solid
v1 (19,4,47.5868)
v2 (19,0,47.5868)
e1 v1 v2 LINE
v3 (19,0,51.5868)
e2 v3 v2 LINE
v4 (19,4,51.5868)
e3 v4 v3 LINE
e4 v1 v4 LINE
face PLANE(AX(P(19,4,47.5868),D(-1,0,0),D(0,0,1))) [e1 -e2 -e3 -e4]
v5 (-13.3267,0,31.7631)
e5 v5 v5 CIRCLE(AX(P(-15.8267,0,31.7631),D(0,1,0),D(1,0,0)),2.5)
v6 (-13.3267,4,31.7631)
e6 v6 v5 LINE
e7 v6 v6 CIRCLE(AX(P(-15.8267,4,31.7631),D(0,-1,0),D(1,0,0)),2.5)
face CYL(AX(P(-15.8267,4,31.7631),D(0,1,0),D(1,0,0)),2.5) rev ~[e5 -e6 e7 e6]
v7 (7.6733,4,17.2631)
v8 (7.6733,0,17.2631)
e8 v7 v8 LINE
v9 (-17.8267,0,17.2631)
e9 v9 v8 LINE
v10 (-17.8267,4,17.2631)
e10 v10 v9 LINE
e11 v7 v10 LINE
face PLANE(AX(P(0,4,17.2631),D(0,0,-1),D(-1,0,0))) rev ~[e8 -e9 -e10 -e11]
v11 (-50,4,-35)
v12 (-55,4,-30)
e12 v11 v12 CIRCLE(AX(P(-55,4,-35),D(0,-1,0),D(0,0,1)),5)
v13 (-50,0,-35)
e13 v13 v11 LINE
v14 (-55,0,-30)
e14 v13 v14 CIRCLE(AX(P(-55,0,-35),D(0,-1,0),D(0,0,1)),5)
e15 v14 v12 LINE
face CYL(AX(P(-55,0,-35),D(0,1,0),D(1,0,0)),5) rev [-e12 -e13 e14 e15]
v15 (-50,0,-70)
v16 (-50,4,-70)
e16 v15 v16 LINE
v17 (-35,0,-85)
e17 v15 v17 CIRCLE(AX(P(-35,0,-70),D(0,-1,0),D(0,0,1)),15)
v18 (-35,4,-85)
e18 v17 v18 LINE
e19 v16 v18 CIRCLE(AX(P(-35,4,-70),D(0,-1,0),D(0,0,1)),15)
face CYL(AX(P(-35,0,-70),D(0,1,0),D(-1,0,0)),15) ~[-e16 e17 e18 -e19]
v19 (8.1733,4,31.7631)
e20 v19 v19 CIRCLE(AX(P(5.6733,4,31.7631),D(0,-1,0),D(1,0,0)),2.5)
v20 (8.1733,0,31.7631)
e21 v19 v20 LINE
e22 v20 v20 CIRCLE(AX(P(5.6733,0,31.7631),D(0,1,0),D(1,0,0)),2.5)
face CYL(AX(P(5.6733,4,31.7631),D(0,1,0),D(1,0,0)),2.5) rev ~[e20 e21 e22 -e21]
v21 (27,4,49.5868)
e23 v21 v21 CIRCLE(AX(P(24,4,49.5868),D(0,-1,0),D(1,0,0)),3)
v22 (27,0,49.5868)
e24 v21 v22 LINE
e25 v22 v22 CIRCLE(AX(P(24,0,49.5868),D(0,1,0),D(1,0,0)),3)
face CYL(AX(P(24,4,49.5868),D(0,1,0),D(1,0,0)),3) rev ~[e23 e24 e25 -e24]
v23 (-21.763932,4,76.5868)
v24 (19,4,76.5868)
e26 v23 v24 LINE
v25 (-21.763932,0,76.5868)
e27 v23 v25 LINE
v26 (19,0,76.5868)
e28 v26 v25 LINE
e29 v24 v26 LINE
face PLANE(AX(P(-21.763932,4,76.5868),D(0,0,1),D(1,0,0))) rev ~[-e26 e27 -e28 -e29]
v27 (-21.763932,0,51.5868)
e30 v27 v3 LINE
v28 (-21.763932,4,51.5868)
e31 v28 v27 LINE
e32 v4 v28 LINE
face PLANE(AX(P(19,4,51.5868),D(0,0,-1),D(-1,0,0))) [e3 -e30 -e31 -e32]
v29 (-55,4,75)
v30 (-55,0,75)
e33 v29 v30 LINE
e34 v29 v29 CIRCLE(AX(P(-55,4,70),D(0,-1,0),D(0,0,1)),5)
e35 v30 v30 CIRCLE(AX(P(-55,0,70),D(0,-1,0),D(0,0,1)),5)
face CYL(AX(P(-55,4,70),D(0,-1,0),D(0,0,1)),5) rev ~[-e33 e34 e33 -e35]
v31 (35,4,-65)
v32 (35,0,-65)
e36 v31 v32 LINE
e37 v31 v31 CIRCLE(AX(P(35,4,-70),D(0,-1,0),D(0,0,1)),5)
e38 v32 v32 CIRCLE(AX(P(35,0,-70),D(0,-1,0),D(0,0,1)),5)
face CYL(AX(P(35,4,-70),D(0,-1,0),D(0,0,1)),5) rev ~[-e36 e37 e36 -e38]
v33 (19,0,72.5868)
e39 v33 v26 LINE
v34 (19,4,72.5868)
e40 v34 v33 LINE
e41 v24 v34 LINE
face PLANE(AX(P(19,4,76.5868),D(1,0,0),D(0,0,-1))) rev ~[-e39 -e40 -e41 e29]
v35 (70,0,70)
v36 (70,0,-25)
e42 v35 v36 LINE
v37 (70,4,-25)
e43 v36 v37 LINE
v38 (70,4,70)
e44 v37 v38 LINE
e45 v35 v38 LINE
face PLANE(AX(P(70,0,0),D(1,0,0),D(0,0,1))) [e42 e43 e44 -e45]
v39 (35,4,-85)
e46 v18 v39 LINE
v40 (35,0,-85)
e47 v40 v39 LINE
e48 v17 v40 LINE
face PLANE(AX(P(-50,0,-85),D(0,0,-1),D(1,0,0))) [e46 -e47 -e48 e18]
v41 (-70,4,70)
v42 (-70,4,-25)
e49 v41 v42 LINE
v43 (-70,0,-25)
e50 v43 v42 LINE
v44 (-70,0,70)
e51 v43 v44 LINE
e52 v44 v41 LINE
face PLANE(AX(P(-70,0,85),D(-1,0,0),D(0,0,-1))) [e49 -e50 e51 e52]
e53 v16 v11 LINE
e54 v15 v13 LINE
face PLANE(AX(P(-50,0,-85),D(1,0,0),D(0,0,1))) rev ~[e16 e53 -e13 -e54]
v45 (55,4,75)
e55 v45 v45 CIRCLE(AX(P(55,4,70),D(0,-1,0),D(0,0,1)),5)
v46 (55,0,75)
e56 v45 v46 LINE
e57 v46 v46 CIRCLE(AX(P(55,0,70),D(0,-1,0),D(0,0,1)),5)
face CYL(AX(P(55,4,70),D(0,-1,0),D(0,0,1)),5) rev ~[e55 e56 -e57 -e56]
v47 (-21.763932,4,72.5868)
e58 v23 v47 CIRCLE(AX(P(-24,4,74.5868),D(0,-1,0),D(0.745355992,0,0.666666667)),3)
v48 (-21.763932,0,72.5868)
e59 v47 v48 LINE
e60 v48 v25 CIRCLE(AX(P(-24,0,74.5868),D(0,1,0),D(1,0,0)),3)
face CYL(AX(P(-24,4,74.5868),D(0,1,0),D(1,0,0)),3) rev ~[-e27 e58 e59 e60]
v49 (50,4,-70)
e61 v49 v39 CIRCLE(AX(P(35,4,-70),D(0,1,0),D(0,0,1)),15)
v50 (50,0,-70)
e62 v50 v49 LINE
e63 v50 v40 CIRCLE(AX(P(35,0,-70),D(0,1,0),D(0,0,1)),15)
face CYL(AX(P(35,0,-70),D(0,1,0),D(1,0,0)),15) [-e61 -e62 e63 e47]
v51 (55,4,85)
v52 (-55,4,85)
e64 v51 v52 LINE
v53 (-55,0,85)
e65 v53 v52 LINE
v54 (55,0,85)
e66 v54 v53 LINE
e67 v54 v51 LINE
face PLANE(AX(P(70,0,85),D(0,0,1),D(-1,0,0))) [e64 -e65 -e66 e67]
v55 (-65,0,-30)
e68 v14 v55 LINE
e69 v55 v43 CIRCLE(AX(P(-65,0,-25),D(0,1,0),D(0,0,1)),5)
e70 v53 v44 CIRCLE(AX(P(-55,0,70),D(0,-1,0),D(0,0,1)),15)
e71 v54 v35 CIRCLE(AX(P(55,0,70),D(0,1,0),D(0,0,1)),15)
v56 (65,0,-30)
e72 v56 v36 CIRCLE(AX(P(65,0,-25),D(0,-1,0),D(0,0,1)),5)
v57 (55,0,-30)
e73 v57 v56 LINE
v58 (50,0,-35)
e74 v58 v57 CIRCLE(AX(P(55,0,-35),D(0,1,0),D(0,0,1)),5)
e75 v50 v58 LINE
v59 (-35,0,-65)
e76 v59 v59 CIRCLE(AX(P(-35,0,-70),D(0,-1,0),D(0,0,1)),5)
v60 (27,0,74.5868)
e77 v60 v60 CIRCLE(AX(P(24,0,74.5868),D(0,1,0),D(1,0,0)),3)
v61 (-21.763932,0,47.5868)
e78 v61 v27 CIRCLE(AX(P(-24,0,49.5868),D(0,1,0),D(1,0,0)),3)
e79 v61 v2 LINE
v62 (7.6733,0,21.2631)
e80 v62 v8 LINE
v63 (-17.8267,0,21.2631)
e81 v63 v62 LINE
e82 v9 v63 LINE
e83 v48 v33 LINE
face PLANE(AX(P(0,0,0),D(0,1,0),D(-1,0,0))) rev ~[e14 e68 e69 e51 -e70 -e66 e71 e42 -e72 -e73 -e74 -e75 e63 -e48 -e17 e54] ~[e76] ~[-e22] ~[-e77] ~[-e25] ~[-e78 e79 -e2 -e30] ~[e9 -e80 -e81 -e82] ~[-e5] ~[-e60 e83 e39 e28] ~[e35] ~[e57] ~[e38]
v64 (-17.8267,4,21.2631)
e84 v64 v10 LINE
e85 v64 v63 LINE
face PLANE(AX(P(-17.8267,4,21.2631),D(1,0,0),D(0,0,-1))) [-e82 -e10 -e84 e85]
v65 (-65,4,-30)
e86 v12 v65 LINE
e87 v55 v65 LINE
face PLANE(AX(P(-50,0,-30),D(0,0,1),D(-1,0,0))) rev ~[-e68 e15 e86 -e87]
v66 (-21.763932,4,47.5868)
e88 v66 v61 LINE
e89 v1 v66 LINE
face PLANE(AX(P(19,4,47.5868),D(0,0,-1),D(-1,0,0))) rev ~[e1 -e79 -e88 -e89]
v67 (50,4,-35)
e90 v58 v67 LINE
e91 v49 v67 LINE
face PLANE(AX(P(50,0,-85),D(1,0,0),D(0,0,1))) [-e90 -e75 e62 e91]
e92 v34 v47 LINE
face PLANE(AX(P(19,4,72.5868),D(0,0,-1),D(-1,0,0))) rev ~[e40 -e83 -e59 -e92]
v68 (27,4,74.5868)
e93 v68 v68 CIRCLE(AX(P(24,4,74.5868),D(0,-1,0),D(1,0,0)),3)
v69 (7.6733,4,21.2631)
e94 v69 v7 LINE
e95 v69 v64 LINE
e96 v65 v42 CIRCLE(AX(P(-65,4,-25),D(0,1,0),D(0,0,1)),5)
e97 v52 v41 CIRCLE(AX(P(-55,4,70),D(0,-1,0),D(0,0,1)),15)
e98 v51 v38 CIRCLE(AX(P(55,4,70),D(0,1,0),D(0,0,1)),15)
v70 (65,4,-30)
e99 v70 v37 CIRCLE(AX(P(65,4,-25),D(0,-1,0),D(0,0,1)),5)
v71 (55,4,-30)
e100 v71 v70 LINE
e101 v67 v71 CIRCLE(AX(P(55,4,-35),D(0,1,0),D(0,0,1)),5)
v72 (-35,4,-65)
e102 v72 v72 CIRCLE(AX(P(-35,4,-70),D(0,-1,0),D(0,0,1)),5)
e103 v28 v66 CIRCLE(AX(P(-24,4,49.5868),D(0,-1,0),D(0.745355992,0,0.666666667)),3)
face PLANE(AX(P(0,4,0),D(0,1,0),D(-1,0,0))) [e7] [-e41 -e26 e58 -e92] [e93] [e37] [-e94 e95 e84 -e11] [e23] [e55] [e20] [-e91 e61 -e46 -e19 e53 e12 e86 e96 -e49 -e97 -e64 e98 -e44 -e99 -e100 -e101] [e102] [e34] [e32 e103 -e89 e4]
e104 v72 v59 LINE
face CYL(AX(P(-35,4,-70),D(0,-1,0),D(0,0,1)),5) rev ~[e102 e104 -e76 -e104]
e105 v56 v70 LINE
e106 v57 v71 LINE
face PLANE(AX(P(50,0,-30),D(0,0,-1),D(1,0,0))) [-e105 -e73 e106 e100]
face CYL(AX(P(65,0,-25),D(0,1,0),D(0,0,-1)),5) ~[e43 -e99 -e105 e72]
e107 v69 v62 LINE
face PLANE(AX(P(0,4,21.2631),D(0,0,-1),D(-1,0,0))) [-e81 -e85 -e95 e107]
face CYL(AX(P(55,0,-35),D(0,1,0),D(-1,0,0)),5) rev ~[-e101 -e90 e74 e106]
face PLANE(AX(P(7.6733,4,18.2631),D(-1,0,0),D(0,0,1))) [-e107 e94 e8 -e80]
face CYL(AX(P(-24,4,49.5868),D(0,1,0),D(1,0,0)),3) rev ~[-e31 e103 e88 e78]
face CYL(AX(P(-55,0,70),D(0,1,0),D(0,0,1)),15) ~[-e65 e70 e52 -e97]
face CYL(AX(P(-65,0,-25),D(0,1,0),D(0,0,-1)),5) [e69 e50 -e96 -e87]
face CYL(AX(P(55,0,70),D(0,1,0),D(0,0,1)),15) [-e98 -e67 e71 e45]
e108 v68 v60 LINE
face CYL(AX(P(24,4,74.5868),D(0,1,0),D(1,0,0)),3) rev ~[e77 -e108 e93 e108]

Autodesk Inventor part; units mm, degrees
ref_plane "YZ Plane" through (0, 0, 0) normal (1, 0, 0) x (0, 1, 0)
ref_plane "XZ Plane" through (0, 0, 0) normal (0, 1, 0) x (-1, 0, 0)
ref_plane "XY Plane" through (0, 0, 0) normal (0, 0, 1) x (1, 0, 0)
sketch "Sketch1" plane through (0, 0, 0) normal (0, 1, 0) x (-1, 0, 0)
  line L0 (-70, 85) -> (70, 85)
  line L1 (70, 85) -> (70, -85)
  line L2 (70, -85) -> (-70, -85)
  line L3 (-70, -85) -> (-70, 85)
  line L4 (-70, 85) -> (70, -85) construction
  line L5 (70, 85) -> (-70, -85) construction
  line L6 (98, 0) -> (-98, 0) projected
  line L7 (70, -85) -> (50, -85)
  line L8 (50, -85) -> (50, -30)
  line L9 (50, -30) -> (70, -30)
  line L10 (70, -30) -> (70, -85)
  line L11 (-70, -85) -> (-50, -85)
  line L12 (-50, -85) -> (-50, -30)
  line L13 (-50, -30) -> (-70, -30)
  line L14 (-70, -30) -> (-70, -85)
  point P0 (0, 0)
  dimension "d0" = 140
  dimension "d1" = 170
  dimension "d35" = 20
  dimension "d36" = 55
  dimension "d37" = 20
  dimension "d38" = 55
extrude "Extrusion1" add sketch "Sketch1" along normal blind 4 contours L0 L1 L6 L3 | L6 L1 L9 L8 L2 L12 L13 L3
fillet "Fillet1" radius 15 2 edges at (-70, 2, 85) (70, 2, 85)
fillet "Fillet2" radius 15 2 edges at (-50, 2, -85) (50, 2, -85)
sketch "Sketch2" plane through (0, 4, 0) normal (0, 1, 0) x (1, 0, 0)
  line L0 (-70, 30) -> (-70, -70) projected
  arc A0 (-70, -70) -> (-55, -85) centre (-55, -70) ccw projected
  line L1 (-55, -85) -> (55, -85) projected
  arc A1 (55, -85) -> (70, -70) centre (55, -70) ccw projected
  line L2 (70, -70) -> (70, 30) projected
  line L3 (35, 85) -> (-35, 85) projected
  line L4 (70, 30) -> (50, 30) projected
  line L5 (50, 30) -> (50, 70) projected
  line L6 (-50, 70) -> (-50, 30) projected
  line L7 (-50, 30) -> (-70, 30) projected
  arc A2 (50, 70) -> (35, 85) centre (35, 70) ccw projected
  arc A3 (-35, 85) -> (-50, 70) centre (-35, 70) ccw projected
  point P0 (0, 0)
  point P1 (-4.3272, -2.2983)
hole "Hole1" at (55, 4, 70) at (-55, 4, 70) at (35, 4, -70) at (-35, 4, -70) direction (0, -1, 0) diameter 10 depth 4
sketch "Sketch3" plane through (0, 4, 0) normal (0, 1, 0) x (1, 0, 0)
  line L0 (22.8472, -55) -> (-47.1528, -55)
  line L1 (-47.1528, -55) -> (-47.1528, 27)
  line L2 (-47.1528, 27) -> (22.8472, 27)
  line L3 (22.8472, 27) -> (22.8472, -55)
  line L4 (22.8472, -55) -> (-47.1528, 27) construction
  line L5 (-47.1528, -55) -> (22.8472, 27) construction
  line L6 (-55, -85) -> (55, -85) projected
  point P0 (0, 0)
  point P1 (-12.1528, -14)
  dimension "d12" = 70
  dimension "d13" = 82
  dimension "d34" = 30
fillet "Fillet3" radius 5 4 edges at (-50, 2, -30) (-70, 2, -30) (70, 2, -30) (50, 2, -30)
sketch "Sketch5" plane through (0, 4, 0) normal (0, 1, 0) x (1, 0, 0)
  line L0 (-55, 12.5998) -> (-25, 12.5998)
  line L1 (-25, 12.5998) -> (-25, -27.4002)
  line L2 (-25, -27.4002) -> (-55, -27.4002)
  line L3 (-55, -27.4002) -> (-55, 12.5998)
  line L4 (0, -27.4002) -> (0, 4.9411)
  line L5 (-24, -76.5868) -> (24, -76.5868)
  line L6 (26, -74.5868) -> (26, -49.5868)
  line L7 (24, -47.5868) -> (-24, -47.5868)
  line L8 (-26, -49.5868) -> (-26, -74.5868)
  arc A0 (24, -76.5868) -> (26, -74.5868) centre (24, -74.5868) ccw
  arc A1 (-24, -47.5868) -> (-26, -49.5868) centre (-24, -49.5868) ccw
  arc A2 (26, -49.5868) -> (24, -47.5868) centre (24, -49.5868) ccw
  arc A3 (-26, -74.5868) -> (-24, -76.5868) centre (-24, -74.5868) ccw
  circle A4 centre (24, -74.5868) radius 3
  circle A5 centre (24, -49.5868) radius 3
  circle A6 centre (-24, -49.5868) radius 3
  circle A7 centre (-24, -74.5868) radius 3
  line L9 (-22, -76.5868) -> (19, -76.5868)
  line L10 (19, -76.5868) -> (19, -72.5868)
  line L11 (19, -72.5868) -> (-22, -72.5868)
  line L12 (-22, -72.5868) -> (-22, -76.5868)
  line L13 (26, -62.0868) -> (21, -62.0868)
  line L14 (19, -47.5868) -> (19, -51.5868)
  line L15 (19, -51.5868) -> (-22, -51.5868)
  line L16 (-22, -51.5868) -> (-22, -47.5868)
  line L17 (55, 12.5998) -> (25, 12.5998)
  line L18 (25, 12.5998) -> (25, -27.4002)
  line L19 (25, -27.4002) -> (55, -27.4002)
  line L20 (5.6733, -33.7631) -> (-15.8267, -33.7631)
  line L21 (-17.8267, -31.7631) -> (-17.8267, -18.2631)
  line L22 (-17.8267, -18.2631) -> (7.6733, -18.2631)
  line L23 (7.6733, -18.2631) -> (7.6733, -31.7631)
  arc A8 (-17.8267, -31.7631) -> (-15.8267, -33.7631) centre (-15.8267, -31.7631) ccw
  arc A9 (-17.8267, -31.7631) -> (-15.8267, -33.7631) centre (-15.8267, -31.7631) ccw
  arc A10 (5.6733, -33.7631) -> (7.6733, -31.7631) centre (5.6733, -31.7631) ccw
  circle A11 centre (-15.8267, -31.7631) radius 2.5
  circle A12 centre (5.6733, -31.7631) radius 2.5
  line L24 (-17.8267, -18.2631) -> (7.6733, -18.2631)
  line L25 (7.6733, -18.2631) -> (7.6733, -21.2631)
  line L26 (7.6733, -21.2631) -> (-17.8267, -21.2631)
  line L27 (-17.8267, -21.2631) -> (-17.8267, -18.2631)
  line L28 (-17.8267, -18.2631) -> (7.6733, -18.2631)
  line L29 (7.6733, -18.2631) -> (7.6733, -17.2631)
  line L30 (7.6733, -17.2631) -> (-17.8267, -17.2631)
  line L31 (-17.8267, -17.2631) -> (-17.8267, -18.2631)
  point P0 (0, 0)
  point P1 (26, -47.5868)
  point P2 (26, -76.5868)
  point P3 (-26, -47.5868)
  point P4 (-17.8267, -33.7631)
  point P5 (-21.7639, -47.5868)
  point P6 (-21.7639, -51.5868)
  point P7 (-21.7639, -72.5868)
  point P8 (-21.7639, -76.5868)
  point P9 (19, -76.5868)
  dimension "d41" = 30
  dimension "d42" = 40
  dimension "d43" = 52
  dimension "d44" = 29
  dimension "d45" = 2
  dimension "d46" = 6
  dimension "d47" = 6
  dimension "d48" = 6
  dimension "d49" = 6
  dimension "d50" = 4
  dimension "d51" = 41
  dimension "d52" = 7
  dimension "d53" = 25.5
  dimension "d54" = 15.5
  dimension "d55" = 2
  dimension "d56" = 5
  dimension "d57" = 5
  dimension "d62" = 3
  dimension "d63" = 1
extrude "Extrusion3" cut sketch "Sketch5" against normal up to next contours L26 L21 L22 L4 | L4 L22 L23 L26 | L22 L31 L30 L4 | L4 L30 L29 L22 | A12 L20 A10 L23 | L23 A10 L20 A12 | A11 L20 A8 L21 | L21 A8 L20 A11 | A3 L8 A7 L11 L12 L5 | L5 A7 L8 A3 | L12 L11 A7 L5 | A7 L11 L10 L5 | A6 L7 A1 L8 | L8 A1 L7 L16 L15 A6 | A4 L6 A0 L5 | L5 A0 L6 A4 | A6 L15 L16 L7 | L7 L14 L15 A6 | A5 L6 A2 L7 | L7 A2 L6 A5
properties part number "Base2" material "PLA"
